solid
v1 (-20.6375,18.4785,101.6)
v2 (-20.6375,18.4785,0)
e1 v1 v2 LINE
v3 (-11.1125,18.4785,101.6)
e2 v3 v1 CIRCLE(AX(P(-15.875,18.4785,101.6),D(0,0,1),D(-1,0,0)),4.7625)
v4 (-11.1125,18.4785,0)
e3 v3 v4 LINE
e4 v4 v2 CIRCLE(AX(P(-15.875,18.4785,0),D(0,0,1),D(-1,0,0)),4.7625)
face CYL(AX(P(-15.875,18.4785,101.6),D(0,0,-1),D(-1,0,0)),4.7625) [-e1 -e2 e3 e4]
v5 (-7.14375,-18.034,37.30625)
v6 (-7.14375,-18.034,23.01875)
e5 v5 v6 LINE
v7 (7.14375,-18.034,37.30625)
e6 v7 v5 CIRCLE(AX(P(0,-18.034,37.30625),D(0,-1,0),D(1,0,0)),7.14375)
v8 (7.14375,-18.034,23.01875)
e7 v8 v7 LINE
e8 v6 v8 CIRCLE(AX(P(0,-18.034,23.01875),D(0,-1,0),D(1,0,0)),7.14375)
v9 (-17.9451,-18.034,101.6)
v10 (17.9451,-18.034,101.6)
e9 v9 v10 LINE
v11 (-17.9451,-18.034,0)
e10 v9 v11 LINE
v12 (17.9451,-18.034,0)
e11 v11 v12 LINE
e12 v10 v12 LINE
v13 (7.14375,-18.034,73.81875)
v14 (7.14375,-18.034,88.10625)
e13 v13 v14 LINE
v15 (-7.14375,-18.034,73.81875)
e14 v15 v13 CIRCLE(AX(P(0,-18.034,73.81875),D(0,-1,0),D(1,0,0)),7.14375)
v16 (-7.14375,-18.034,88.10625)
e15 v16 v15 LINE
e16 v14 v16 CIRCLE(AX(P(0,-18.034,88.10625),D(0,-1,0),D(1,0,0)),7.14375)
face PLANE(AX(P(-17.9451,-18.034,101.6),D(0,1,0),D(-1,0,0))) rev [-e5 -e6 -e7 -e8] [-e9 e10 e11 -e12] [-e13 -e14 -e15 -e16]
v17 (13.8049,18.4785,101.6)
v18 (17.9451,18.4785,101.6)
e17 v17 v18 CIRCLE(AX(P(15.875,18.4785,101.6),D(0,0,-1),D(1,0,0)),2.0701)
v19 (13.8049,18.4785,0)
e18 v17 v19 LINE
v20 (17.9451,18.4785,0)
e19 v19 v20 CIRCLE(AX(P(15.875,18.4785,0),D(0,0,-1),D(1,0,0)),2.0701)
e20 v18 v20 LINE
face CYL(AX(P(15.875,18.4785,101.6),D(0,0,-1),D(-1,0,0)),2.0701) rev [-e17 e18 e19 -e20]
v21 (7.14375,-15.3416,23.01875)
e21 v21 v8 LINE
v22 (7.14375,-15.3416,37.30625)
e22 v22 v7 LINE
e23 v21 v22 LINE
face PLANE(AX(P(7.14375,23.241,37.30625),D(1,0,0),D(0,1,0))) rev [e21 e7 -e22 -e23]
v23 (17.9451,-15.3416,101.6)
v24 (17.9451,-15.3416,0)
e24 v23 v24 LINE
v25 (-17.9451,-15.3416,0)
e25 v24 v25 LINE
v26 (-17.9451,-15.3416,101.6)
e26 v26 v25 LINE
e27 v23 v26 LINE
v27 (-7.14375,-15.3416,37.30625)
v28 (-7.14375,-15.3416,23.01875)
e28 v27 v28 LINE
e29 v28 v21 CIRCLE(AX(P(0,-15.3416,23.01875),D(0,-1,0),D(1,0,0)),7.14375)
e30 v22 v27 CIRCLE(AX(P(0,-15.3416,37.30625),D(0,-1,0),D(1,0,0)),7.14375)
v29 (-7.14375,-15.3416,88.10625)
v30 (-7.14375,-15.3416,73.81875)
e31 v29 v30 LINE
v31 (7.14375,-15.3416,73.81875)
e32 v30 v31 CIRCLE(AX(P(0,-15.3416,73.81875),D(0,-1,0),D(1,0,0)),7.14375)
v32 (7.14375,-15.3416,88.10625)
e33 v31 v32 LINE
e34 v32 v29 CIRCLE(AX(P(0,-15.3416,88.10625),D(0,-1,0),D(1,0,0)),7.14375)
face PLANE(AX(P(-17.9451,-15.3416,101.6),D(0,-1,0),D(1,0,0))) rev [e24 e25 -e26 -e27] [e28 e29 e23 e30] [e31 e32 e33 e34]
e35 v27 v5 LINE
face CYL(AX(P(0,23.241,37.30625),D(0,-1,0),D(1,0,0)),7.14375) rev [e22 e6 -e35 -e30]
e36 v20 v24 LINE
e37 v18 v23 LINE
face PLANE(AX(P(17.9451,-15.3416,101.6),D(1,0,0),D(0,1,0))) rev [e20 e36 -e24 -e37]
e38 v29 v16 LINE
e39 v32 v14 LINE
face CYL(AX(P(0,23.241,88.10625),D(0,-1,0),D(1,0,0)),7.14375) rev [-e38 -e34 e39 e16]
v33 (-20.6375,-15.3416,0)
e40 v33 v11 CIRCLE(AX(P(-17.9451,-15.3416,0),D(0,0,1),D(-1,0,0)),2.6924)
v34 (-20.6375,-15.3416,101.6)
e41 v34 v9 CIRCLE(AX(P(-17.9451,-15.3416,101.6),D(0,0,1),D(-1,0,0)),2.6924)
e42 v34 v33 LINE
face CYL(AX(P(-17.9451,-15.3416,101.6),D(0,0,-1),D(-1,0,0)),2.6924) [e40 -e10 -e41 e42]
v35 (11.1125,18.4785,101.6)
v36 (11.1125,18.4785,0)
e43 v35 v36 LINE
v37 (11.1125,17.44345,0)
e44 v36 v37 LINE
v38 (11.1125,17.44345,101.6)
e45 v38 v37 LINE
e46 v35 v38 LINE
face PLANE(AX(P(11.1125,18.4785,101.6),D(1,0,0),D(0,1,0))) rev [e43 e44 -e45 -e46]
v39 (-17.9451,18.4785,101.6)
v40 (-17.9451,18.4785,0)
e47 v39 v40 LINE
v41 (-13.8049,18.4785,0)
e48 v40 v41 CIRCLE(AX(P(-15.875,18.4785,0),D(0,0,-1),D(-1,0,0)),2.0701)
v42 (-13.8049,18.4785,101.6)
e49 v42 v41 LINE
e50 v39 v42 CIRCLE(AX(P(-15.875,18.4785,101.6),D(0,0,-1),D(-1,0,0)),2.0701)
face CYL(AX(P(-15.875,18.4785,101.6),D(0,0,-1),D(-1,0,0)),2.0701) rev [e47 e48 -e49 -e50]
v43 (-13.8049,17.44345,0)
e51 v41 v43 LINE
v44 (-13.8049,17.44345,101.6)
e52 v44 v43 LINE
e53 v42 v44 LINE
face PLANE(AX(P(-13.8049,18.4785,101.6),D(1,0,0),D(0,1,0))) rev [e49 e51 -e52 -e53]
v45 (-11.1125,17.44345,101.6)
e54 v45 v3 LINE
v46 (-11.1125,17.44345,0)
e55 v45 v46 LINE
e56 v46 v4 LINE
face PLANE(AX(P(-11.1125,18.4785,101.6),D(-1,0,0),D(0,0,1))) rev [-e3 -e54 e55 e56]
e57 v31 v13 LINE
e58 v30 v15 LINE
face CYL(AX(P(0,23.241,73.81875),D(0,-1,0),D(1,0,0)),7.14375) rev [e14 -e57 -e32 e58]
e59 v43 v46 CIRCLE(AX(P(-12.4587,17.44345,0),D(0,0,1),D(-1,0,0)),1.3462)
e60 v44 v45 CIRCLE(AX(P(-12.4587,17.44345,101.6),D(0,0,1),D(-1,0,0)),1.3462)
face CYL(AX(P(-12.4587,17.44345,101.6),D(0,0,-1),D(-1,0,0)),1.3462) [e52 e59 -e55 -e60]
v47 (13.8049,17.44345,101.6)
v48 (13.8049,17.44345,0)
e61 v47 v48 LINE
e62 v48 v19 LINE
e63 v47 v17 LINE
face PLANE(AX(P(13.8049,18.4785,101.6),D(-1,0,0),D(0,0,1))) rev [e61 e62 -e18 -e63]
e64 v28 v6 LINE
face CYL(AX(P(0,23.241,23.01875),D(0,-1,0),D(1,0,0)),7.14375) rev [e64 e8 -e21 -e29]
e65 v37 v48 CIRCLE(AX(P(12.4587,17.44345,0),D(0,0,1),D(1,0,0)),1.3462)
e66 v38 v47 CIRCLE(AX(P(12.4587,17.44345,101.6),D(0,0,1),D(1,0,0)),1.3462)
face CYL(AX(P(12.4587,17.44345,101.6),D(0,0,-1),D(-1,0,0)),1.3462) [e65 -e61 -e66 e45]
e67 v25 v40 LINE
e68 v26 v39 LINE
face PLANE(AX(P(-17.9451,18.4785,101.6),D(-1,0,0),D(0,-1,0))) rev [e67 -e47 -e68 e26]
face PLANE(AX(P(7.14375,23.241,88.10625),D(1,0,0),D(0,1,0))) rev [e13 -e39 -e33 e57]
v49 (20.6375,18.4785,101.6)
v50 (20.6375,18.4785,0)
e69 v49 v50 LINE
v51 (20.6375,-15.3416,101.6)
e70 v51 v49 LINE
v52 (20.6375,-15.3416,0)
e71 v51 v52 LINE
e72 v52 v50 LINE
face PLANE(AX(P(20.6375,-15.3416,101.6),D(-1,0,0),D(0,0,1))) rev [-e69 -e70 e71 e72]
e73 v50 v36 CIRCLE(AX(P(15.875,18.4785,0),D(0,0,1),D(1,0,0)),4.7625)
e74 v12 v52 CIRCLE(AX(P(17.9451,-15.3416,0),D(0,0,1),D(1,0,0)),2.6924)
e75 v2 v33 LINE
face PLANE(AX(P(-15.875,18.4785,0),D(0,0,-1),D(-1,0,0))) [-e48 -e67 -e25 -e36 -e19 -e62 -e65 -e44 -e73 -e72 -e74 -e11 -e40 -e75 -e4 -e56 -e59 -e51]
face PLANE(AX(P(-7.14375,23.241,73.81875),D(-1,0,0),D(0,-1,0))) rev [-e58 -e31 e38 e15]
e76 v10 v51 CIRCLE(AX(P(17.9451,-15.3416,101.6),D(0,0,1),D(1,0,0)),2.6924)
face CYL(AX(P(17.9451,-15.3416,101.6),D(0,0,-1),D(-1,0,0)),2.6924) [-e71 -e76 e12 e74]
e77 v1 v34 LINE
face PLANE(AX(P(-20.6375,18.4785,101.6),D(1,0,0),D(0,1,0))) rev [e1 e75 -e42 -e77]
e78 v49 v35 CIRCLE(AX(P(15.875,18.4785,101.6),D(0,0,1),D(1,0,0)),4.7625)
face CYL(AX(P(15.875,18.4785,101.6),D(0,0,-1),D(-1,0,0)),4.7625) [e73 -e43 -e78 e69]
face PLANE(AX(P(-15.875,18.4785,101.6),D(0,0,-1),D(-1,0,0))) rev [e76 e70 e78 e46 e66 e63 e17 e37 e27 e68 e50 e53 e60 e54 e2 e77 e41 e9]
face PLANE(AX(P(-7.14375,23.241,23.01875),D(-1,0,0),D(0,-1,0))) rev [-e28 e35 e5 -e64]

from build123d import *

# Parameters (mm, degrees)
BASE_EXTRUDE_DEPTH = 101.6
SLOT_DEPTH         = 118.403467755
LPATTERN1_COUNT    = 2
LPATTERN1_PITCH    = 50.8


with BuildPart() as part:
    # Sketch1 → Base-Extrude (new body)
    with BuildSketch(Plane.XY):
        with BuildLine():
            Line((-20.6375, 18.4785), (-20.6375, -15.3416))
            ThreePointArc((-20.6375, -15.3416), (-19.848914298, -17.245414298), (-17.9451, -18.034))
            Line((-17.9451, -18.034), (17.9451, -18.034))
            ThreePointArc((17.9451, -18.034), (19.848914298, -17.245414298), (20.6375, -15.3416))
            Line((20.6375, -15.3416), (20.6375, 18.4785))
            ThreePointArc((20.6375, 18.4785), (15.875, 23.241), (11.1125, 18.4785))
            Line((11.1125, 18.4785), (11.1125, 17.44345))
            ThreePointArc((11.1125, 17.44345), (12.4587, 16.09725), (13.8049, 17.44345))
            Line((13.8049, 17.44345), (13.8049, 18.4785))
            ThreePointArc((13.8049, 18.4785), (15.875, 20.5486), (17.9451, 18.4785))
            Line((17.9451, 18.4785), (17.9451, -15.3416))
            Line((17.9451, -15.3416), (-17.9451, -15.3416))
            Line((-17.9451, -15.3416), (-17.9451, 18.4785))
            ThreePointArc((-17.9451, 18.4785), (-15.875, 20.5486), (-13.8049, 18.4785))
            Line((-13.8049, 18.4785), (-13.8049, 17.44345))
            ThreePointArc((-13.8049, 17.44345), (-12.4587, 16.09725), (-11.1125, 17.44345))
            Line((-11.1125, 17.44345), (-11.1125, 18.4785))
            ThreePointArc((-11.1125, 18.4785), (-15.875, 23.241), (-20.6375, 18.4785))
        make_face()
    extrude(amount=BASE_EXTRUDE_DEPTH)

    # Sketch2 → Slot (cut, through all)
    with BuildSketch(Plane(origin=(-0.093451067, -18.034, -6.33598234), x_dir=(1, 0, 0), z_dir=(0, -1, 0))):
        with BuildLine():
            Line((7.237201067, 43.64223234), (7.237201067, 29.35473234))
            ThreePointArc((7.237201067, 29.35473234), (0.093451067, 22.21098234), (-7.050298933, 29.35473234))
            Line((-7.050298933, 29.35473234), (-7.050298933, 43.64223234))
            ThreePointArc((-7.050298933, 43.64223234), (0.093451067, 50.78598234), (7.237201067, 43.64223234))
        make_face()
    slot = extrude(amount=-SLOT_DEPTH, mode=Mode.SUBTRACT)

    # LPattern1: Slot ×2
    with Locations(*[(0, 0, i * LPATTERN1_PITCH) for i in range(1, LPATTERN1_COUNT)]):
        add(slot, mode=Mode.SUBTRACT)


solid = part.part
